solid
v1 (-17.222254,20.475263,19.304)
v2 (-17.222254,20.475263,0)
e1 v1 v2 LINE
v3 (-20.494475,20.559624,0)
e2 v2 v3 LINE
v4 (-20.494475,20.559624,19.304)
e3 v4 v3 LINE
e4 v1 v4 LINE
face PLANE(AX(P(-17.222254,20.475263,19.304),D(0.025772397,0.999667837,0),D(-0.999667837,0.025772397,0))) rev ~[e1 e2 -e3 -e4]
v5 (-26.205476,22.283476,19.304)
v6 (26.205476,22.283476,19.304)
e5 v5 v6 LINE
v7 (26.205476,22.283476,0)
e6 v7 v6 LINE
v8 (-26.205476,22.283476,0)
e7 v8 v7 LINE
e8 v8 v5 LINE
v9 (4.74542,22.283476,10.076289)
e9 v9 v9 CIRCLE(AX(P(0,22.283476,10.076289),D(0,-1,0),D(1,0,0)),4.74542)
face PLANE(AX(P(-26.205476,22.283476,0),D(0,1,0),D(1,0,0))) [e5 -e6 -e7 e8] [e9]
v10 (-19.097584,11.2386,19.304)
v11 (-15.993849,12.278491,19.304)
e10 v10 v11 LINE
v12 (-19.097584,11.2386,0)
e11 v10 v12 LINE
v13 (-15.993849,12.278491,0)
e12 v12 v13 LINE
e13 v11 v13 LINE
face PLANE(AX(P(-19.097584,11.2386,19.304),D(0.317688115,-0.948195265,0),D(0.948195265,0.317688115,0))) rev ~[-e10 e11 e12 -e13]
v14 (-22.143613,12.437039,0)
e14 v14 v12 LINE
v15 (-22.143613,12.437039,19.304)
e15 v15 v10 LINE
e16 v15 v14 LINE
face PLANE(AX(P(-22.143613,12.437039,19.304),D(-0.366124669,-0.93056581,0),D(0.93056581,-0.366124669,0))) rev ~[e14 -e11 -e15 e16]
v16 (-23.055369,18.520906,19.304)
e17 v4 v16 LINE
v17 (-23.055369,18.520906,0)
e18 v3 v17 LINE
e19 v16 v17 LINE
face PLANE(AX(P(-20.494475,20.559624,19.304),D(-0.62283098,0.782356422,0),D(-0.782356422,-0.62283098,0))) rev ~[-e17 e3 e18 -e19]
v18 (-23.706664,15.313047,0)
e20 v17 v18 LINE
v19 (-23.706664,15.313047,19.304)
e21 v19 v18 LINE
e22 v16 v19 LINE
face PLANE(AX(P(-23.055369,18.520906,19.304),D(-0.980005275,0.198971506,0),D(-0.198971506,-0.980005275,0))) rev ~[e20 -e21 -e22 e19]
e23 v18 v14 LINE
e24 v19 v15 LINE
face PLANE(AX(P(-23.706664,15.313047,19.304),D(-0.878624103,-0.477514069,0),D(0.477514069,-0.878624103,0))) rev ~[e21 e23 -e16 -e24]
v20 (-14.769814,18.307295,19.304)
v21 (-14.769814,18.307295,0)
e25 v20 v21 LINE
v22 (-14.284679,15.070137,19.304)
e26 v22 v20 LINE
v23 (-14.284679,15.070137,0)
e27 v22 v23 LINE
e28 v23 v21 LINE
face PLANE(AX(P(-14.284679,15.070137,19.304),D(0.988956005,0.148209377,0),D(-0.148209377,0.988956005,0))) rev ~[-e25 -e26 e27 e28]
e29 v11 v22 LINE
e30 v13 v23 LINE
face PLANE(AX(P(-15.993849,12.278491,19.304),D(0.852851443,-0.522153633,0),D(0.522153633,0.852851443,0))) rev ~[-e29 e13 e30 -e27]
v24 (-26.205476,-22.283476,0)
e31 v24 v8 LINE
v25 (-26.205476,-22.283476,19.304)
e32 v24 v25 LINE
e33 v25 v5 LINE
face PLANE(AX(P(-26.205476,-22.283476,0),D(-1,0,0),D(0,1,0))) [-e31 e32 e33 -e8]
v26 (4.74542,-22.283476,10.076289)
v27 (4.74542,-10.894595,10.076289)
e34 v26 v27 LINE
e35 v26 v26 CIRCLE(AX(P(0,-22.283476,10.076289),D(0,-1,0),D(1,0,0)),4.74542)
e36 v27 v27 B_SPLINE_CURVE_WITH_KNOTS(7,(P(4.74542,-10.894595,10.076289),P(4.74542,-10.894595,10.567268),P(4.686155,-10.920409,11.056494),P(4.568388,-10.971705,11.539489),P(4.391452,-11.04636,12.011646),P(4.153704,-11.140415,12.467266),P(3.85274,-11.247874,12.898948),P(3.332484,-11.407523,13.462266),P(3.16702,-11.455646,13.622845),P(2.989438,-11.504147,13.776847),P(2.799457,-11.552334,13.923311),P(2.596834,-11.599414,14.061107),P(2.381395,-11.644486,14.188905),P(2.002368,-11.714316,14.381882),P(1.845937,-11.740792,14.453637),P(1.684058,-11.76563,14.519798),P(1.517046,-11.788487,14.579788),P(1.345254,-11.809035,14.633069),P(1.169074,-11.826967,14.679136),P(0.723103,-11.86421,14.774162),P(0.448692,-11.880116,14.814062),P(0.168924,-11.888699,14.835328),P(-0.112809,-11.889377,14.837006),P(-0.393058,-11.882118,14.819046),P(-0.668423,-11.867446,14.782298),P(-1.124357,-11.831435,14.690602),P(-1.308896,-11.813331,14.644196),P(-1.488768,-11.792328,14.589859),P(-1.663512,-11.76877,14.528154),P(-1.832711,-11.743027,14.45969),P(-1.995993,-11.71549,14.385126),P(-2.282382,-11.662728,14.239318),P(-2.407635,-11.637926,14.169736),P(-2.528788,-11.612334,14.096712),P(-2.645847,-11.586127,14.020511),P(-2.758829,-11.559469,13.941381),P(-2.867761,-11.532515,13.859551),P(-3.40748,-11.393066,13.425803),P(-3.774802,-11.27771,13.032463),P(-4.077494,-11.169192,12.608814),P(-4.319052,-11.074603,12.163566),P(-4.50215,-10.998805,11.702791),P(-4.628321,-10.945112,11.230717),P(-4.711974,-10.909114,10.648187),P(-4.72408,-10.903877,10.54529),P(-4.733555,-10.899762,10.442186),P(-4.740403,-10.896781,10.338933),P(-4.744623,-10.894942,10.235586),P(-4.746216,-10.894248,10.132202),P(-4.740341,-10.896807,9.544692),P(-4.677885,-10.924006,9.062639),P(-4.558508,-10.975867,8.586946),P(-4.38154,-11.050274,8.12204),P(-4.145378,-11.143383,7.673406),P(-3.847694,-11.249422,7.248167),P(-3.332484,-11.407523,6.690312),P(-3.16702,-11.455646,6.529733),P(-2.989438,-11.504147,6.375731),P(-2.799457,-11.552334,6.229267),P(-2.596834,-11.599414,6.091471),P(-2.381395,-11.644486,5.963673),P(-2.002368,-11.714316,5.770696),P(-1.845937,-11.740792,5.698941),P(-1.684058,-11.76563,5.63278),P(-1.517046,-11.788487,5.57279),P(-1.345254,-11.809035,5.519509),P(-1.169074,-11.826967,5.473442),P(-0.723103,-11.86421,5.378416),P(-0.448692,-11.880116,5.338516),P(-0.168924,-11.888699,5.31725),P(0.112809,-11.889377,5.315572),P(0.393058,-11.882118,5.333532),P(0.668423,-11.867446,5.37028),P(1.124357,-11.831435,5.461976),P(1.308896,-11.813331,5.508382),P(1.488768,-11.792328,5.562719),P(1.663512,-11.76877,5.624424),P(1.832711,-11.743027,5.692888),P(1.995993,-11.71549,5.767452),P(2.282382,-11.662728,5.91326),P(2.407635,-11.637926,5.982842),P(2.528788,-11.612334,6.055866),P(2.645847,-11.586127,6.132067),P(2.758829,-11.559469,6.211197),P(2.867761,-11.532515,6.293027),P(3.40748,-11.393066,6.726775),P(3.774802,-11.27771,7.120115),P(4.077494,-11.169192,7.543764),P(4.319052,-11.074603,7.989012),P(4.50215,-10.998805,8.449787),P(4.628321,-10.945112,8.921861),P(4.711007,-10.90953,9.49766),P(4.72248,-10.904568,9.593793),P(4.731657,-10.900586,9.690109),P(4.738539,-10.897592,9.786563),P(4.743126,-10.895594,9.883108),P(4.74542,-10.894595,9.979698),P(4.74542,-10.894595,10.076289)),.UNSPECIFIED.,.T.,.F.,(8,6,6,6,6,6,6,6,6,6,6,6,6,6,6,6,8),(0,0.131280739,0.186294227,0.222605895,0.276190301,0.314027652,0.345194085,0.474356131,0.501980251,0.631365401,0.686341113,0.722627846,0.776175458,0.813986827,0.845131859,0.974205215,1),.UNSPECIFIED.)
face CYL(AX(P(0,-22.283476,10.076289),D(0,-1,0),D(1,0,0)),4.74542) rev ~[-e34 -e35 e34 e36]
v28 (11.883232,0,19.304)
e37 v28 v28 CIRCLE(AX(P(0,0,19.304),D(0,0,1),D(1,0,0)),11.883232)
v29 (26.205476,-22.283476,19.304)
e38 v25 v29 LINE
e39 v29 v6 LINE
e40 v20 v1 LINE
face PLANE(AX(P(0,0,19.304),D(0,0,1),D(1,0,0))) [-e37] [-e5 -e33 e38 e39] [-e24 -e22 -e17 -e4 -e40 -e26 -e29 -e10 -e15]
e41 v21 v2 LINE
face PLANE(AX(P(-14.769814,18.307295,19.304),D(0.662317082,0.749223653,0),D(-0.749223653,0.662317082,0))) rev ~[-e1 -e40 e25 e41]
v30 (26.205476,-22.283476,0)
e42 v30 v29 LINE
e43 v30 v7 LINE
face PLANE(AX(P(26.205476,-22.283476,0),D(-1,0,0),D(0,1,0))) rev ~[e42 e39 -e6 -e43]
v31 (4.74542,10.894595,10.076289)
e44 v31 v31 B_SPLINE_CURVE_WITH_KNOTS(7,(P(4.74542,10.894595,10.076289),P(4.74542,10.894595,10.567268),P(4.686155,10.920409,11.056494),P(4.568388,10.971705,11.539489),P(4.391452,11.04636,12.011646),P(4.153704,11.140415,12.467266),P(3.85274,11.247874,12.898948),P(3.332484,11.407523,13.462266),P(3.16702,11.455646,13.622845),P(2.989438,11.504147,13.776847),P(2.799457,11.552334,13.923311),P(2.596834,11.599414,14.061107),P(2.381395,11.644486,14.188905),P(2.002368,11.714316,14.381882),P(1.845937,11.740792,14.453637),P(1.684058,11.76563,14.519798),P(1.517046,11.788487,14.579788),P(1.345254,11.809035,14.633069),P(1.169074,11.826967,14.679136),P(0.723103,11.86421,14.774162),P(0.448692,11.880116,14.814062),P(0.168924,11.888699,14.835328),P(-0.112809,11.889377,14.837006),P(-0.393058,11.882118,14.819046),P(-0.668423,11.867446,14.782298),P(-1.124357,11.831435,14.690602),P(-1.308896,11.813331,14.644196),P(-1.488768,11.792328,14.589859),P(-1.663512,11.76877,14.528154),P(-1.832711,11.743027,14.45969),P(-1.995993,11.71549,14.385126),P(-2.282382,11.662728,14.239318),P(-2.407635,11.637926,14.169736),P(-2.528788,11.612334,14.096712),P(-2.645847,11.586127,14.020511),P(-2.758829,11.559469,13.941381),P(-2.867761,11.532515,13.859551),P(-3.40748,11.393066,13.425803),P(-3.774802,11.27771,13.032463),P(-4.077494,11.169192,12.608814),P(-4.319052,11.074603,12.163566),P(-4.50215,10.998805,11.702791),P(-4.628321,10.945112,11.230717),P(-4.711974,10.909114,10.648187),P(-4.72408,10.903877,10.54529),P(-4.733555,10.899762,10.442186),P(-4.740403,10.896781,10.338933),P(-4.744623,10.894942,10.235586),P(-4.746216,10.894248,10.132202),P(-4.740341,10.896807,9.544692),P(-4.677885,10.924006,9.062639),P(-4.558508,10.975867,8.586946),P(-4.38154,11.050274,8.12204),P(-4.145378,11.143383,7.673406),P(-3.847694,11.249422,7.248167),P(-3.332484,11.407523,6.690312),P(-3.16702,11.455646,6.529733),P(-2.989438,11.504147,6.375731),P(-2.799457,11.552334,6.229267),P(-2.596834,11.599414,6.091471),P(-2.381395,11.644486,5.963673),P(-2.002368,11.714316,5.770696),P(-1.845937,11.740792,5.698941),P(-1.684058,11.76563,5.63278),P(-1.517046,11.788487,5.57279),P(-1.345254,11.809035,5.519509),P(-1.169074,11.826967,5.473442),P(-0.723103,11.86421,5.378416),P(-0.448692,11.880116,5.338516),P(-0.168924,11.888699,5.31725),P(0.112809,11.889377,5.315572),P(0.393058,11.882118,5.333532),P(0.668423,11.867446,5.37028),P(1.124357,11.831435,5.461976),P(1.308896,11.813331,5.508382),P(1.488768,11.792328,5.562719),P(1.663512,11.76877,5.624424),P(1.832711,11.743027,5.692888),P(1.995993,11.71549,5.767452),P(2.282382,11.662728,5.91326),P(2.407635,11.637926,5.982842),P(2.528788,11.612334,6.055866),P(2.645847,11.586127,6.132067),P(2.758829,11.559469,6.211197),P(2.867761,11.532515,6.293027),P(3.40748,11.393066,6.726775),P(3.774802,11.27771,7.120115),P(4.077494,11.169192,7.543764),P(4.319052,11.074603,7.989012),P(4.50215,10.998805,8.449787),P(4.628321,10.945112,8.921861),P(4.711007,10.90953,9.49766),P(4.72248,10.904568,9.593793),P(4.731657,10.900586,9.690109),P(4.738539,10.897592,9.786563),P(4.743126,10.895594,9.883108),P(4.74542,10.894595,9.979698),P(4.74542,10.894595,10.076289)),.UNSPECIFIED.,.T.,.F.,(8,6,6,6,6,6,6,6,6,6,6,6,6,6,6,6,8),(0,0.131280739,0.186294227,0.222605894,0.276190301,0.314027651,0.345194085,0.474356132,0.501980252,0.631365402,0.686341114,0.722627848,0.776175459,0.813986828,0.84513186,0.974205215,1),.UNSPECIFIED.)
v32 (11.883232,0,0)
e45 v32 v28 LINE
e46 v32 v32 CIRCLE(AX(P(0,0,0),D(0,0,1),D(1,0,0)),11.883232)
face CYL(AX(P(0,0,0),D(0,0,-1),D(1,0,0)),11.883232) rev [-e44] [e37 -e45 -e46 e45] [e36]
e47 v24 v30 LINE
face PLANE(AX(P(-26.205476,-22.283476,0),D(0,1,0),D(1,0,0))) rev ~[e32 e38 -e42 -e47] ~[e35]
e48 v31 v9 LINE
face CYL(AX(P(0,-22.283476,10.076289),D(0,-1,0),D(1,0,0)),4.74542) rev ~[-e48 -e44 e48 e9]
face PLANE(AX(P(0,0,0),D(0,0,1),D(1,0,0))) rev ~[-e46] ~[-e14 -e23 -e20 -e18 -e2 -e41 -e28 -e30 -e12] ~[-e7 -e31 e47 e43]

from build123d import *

# Parameters (mm, degrees)
F0_W     = 52.410952
F0_H     = 44.566952
F0_R     = 11.883232
F1_DEPTH = 19.304
F2_R     = 4.74542
F3_DEPTH = 58.4708
F5_DEPTH = 25.4


with BuildPart() as f1:
    # F0 (on Top) → F1 (new body)
    with BuildSketch(Plane.XY):
        Rectangle(F0_W, F0_H)
        Circle(F0_R, mode=Mode.SUBTRACT)
    extrude(amount=F1_DEPTH)

    # F2 (on face) → F3 (cut)
    with BuildSketch(Plane.XZ.offset(22.283476)):
        with Locations((0, 10.076289)):
            Circle(F2_R)
    extrude(amount=-F3_DEPTH, mode=Mode.SUBTRACT)

    # F4 (on face) → F5 (cut)
    with BuildSketch(Plane.XY.offset(19.304)):
        Polygon((-15.993849, 12.278491), (-14.284679, 15.070137), (-14.769814, 18.307295), (-17.222254, 20.475263), (-20.494475, 20.559624), (-23.055369, 18.520906), (-23.706664, 15.313047), (-22.143613, 12.437039), (-19.097584, 11.2386), align=None)
    extrude(amount=-F5_DEPTH, mode=Mode.SUBTRACT)


solid = f1.part
